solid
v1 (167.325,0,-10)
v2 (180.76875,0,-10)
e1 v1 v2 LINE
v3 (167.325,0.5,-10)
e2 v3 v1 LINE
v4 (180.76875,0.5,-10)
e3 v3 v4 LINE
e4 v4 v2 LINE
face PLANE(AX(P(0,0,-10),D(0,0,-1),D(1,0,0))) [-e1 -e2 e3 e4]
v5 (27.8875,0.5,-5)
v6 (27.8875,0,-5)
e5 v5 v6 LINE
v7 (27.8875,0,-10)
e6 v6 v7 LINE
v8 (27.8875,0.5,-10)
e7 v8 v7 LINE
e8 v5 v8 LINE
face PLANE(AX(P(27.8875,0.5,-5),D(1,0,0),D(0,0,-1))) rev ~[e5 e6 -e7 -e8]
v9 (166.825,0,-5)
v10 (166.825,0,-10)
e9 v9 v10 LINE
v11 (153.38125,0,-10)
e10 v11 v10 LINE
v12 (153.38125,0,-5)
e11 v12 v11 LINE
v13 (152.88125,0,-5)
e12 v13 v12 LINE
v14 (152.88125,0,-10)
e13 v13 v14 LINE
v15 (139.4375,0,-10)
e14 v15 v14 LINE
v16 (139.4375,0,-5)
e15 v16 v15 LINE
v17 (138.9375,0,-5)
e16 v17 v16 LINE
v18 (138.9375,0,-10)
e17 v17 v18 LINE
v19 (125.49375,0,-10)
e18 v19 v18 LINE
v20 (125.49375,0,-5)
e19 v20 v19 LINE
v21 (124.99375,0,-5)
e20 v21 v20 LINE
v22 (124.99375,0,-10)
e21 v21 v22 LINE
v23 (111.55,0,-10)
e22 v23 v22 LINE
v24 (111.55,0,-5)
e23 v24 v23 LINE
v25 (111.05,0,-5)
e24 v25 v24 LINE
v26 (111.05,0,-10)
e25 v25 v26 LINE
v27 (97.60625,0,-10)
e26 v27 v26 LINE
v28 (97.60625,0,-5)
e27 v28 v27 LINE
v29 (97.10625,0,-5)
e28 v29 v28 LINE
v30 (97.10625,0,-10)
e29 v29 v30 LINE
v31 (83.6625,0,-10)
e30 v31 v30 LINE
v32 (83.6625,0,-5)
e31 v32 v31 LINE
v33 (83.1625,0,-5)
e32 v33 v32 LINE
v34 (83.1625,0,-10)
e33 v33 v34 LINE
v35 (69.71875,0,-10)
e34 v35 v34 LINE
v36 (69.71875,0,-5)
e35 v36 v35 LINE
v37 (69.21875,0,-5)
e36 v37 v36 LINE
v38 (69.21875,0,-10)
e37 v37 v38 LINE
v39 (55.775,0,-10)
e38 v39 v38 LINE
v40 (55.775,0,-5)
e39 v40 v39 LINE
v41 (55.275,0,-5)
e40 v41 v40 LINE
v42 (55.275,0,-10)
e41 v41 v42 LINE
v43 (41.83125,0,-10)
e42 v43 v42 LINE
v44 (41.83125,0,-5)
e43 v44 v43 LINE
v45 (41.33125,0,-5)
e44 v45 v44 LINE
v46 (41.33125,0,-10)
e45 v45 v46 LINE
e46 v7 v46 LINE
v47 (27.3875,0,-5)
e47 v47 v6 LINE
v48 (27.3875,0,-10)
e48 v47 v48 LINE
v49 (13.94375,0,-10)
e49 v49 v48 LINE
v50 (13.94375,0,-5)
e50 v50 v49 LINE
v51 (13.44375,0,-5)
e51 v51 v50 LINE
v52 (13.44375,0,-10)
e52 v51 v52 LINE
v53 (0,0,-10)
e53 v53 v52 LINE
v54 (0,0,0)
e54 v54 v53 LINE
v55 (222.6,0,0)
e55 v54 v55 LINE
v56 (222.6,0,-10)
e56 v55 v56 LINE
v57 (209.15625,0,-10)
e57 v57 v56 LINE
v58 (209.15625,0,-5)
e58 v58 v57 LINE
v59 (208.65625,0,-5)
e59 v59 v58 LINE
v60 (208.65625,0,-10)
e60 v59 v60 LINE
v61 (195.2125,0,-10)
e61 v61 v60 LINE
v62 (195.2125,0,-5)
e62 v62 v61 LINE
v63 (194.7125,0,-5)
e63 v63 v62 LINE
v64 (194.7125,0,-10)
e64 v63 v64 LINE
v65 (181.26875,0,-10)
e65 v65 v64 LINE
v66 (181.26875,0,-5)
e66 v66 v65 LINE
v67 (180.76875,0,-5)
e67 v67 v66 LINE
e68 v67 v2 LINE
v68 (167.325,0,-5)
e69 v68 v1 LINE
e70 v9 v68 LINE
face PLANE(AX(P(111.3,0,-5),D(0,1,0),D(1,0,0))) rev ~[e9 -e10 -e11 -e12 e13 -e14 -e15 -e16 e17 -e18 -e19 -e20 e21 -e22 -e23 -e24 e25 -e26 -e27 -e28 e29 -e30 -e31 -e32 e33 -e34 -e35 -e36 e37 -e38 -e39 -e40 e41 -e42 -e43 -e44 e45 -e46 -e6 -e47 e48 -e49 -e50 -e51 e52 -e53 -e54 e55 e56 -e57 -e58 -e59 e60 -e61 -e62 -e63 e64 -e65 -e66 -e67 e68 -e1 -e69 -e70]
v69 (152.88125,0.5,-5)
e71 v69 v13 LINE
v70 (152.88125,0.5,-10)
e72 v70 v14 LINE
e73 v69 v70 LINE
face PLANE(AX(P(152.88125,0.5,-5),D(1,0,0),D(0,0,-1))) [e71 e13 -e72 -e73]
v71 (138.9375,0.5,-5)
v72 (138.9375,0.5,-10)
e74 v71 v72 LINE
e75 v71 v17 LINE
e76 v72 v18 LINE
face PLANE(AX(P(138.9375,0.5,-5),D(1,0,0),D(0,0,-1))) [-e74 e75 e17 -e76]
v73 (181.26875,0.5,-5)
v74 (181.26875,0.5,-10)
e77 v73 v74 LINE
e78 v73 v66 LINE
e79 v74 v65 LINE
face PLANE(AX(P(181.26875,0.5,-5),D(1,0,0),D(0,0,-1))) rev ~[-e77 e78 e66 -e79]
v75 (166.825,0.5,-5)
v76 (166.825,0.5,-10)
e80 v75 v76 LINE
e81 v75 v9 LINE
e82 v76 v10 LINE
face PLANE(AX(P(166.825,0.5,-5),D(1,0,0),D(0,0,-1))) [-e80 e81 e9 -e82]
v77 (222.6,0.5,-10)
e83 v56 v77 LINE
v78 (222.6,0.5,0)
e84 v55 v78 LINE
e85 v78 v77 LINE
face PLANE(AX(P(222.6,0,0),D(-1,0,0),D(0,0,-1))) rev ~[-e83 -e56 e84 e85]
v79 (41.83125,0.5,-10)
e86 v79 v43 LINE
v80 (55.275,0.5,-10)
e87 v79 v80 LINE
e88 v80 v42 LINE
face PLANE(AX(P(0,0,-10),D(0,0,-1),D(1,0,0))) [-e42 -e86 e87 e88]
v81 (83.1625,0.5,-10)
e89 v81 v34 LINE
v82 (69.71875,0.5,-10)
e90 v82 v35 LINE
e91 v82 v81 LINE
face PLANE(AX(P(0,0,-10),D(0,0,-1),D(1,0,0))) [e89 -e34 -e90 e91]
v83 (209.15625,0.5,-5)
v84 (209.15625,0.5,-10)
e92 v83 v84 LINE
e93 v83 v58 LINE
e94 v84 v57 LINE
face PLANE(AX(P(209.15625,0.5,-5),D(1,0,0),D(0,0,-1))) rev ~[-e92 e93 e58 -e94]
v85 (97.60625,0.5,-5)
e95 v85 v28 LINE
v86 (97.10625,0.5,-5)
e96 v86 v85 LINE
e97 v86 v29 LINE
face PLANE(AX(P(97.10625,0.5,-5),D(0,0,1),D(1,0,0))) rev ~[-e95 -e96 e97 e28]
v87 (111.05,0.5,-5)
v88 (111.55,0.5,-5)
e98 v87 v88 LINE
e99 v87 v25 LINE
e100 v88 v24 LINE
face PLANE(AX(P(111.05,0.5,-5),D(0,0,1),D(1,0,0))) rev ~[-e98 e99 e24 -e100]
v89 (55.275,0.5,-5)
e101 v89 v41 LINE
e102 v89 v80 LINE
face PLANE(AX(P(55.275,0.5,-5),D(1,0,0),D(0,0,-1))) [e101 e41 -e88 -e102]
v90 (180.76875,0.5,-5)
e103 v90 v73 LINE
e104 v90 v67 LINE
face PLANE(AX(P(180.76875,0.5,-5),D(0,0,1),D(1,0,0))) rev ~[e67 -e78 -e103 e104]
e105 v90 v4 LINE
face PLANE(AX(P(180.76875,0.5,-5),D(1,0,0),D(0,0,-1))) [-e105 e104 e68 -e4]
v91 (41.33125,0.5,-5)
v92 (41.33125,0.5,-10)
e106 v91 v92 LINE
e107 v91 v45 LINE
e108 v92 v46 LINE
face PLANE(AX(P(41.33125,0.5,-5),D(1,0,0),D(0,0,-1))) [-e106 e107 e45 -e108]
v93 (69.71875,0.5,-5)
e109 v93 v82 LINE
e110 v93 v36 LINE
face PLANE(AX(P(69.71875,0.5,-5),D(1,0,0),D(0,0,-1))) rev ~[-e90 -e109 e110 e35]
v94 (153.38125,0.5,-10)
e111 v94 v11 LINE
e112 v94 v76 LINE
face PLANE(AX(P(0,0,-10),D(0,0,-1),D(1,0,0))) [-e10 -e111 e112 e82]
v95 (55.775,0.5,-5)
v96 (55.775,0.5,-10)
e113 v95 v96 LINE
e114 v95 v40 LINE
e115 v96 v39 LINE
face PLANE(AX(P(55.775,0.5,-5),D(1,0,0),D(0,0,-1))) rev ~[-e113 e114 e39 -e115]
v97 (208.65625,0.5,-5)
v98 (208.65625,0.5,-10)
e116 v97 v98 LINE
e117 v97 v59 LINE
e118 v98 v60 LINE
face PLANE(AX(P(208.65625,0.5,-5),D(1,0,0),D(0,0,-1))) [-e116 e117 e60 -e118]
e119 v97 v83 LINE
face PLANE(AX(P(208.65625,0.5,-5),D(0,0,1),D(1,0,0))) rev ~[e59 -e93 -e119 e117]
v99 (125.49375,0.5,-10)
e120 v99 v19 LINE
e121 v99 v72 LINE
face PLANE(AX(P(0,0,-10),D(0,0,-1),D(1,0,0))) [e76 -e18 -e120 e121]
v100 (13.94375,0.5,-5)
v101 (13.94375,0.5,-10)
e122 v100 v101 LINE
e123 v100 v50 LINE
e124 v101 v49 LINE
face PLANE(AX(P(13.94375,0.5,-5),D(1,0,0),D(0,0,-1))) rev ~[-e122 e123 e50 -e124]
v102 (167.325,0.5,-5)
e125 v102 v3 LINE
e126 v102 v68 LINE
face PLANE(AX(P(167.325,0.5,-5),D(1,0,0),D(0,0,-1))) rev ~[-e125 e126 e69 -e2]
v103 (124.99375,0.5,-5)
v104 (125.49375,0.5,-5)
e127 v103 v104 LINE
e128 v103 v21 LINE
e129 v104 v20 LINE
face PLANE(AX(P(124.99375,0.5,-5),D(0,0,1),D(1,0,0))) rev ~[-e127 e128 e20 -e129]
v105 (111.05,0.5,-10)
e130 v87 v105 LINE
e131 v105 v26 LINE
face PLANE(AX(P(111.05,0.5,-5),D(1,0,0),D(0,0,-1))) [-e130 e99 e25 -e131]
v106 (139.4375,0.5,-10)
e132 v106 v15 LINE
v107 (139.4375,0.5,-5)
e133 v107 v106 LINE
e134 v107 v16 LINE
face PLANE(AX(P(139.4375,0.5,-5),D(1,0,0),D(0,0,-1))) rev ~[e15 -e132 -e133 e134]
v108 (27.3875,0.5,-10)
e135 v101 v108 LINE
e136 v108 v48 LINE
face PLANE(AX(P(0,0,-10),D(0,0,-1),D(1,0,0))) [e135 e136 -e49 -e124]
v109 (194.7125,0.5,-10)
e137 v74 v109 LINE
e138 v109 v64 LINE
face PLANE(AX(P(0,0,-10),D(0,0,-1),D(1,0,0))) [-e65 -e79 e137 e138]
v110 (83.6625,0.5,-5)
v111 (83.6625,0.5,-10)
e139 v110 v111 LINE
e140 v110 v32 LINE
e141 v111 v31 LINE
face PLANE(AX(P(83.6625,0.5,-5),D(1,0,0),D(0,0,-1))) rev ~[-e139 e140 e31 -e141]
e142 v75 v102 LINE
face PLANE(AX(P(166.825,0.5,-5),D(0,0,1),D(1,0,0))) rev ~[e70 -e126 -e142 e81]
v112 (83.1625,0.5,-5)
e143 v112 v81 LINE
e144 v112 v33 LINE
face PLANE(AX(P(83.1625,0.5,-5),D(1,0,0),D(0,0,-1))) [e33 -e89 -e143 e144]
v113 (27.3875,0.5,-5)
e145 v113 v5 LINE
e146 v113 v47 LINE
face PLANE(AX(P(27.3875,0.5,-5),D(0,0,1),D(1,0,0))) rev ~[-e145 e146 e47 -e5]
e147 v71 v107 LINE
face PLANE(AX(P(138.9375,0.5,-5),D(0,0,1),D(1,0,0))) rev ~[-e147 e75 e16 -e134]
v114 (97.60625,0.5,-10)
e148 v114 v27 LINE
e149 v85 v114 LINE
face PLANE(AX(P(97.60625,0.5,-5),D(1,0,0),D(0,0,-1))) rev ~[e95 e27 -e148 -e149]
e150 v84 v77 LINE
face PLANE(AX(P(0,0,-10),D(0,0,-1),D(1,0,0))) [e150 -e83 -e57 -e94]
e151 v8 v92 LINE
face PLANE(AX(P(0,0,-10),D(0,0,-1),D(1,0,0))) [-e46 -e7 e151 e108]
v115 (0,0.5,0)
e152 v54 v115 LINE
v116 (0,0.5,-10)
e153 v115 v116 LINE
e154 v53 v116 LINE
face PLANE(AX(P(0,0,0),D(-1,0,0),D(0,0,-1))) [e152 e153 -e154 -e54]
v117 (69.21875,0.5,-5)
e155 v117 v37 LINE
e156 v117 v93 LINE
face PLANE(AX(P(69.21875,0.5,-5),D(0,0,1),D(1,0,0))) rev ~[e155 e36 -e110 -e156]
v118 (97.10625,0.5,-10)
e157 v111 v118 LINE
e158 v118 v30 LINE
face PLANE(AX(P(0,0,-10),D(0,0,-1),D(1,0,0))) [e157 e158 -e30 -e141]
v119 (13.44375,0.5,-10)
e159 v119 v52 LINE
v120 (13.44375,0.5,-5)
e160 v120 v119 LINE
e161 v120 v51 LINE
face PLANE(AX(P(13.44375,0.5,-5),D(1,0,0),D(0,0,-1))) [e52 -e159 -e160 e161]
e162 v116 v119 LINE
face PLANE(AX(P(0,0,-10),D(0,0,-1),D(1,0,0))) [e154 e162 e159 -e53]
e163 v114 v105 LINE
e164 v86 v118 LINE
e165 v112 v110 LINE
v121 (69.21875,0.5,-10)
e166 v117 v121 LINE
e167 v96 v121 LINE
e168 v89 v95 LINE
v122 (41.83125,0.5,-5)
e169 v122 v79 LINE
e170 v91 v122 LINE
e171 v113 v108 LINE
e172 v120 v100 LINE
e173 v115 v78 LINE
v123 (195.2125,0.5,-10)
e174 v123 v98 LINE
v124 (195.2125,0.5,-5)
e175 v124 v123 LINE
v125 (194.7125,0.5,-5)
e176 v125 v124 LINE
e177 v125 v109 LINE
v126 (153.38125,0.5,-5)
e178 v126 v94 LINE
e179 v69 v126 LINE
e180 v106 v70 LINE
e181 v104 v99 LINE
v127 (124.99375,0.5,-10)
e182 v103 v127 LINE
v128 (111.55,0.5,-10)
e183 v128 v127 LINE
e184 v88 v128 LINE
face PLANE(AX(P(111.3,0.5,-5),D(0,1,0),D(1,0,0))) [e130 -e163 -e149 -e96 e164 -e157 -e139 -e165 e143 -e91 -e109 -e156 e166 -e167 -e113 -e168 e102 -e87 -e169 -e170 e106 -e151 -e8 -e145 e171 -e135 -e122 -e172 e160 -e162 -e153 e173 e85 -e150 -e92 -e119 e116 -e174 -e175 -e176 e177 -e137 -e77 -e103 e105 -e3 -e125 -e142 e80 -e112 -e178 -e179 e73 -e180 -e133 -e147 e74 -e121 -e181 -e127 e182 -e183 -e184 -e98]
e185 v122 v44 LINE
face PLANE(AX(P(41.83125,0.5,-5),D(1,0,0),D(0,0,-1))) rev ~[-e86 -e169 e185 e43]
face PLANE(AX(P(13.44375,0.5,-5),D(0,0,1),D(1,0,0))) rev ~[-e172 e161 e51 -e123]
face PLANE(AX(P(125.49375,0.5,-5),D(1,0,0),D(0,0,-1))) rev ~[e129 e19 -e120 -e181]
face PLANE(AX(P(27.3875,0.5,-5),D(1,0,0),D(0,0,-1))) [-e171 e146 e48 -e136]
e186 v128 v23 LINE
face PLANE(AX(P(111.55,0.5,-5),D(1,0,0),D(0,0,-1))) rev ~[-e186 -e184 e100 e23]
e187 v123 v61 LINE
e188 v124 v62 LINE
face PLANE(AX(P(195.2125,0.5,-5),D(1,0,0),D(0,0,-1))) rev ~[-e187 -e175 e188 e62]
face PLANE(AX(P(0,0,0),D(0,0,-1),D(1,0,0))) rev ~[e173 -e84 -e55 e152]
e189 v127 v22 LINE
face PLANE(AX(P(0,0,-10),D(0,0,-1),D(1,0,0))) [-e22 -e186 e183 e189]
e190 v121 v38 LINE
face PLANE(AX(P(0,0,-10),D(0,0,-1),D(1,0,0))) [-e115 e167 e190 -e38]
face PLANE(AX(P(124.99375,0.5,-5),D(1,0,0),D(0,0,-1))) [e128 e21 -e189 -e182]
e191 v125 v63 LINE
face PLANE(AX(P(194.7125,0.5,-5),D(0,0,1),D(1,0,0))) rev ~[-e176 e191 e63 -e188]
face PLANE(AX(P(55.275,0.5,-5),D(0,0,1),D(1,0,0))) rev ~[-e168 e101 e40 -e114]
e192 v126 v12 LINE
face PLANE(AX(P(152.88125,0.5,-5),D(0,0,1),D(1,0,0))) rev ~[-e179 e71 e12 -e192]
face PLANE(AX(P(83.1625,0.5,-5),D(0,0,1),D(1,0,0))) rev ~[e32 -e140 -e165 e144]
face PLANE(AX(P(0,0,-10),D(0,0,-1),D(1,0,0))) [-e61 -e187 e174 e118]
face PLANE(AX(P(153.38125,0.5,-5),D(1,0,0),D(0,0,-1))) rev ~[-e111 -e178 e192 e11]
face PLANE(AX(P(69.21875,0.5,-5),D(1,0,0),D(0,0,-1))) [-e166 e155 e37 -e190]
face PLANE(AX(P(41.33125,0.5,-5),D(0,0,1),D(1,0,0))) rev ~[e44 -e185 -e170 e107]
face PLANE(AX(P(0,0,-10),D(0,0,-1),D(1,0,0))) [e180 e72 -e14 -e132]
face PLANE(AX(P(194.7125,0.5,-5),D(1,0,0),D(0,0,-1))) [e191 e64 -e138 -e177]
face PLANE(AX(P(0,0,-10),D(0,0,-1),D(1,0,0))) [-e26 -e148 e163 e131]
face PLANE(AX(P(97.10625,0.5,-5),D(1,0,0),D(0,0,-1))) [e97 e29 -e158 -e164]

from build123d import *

# Parameters (mm, degrees)
SKETCH1_W           = 222.6
SKETCH1_H           = 10
BOSS_EXTRUDE1_DEPTH = 0.5
SKETCH2_W           = 0.5
SKETCH2_H           = 5
CUT_EXTRUDE1_DEPTH  = 0.5


with BuildPart() as part:
    # Sketch1 → Boss-Extrude1 (new body)
    with BuildSketch(Plane(origin=(0, 0, 0), x_dir=(1, 0, 0), z_dir=(0, 1, 0))):
        with Locations((111.3, 5)):
            Rectangle(SKETCH1_W, SKETCH1_H)
    extrude(amount=BOSS_EXTRUDE1_DEPTH)

    # Sketch2 → Cut-Extrude1 (cut)
    with BuildSketch(Plane(origin=(0, 0.5, 0), x_dir=(1, 0, 0), z_dir=(0, 1, 0))):
        with Locations((13.69375, 7.5)):
            Rectangle(SKETCH2_W, SKETCH2_H)
        with Locations((27.6375, 7.5)):
            Rectangle(SKETCH2_W, SKETCH2_H)
        with Locations((41.58125, 7.5)):
            Rectangle(SKETCH2_W, SKETCH2_H)
        with Locations((55.525, 7.5)):
            Rectangle(SKETCH2_W, SKETCH2_H)
        with Locations((69.46875, 7.5)):
            Rectangle(SKETCH2_W, SKETCH2_H)
        with Locations((83.4125, 7.5)):
            Rectangle(SKETCH2_W, SKETCH2_H)
        with Locations((97.35625, 7.5)):
            Rectangle(SKETCH2_W, SKETCH2_H)
        with Locations((111.3, 7.5)):
            Rectangle(SKETCH2_W, SKETCH2_H)
        with Locations((125.24375, 7.5)):
            Rectangle(SKETCH2_W, SKETCH2_H)
        with Locations((139.1875, 7.5)):
            Rectangle(SKETCH2_W, SKETCH2_H)
        with Locations((153.13125, 7.5)):
            Rectangle(SKETCH2_W, SKETCH2_H)
        with Locations((167.075, 7.5)):
            Rectangle(SKETCH2_W, SKETCH2_H)
        with Locations((181.01875, 7.5)):
            Rectangle(SKETCH2_W, SKETCH2_H)
        with Locations((194.9625, 7.5)):
            Rectangle(SKETCH2_W, SKETCH2_H)
        with Locations((208.90625, 7.5)):
            Rectangle(SKETCH2_W, SKETCH2_H)
    extrude(amount=-CUT_EXTRUDE1_DEPTH, mode=Mode.SUBTRACT)


solid = part.part
